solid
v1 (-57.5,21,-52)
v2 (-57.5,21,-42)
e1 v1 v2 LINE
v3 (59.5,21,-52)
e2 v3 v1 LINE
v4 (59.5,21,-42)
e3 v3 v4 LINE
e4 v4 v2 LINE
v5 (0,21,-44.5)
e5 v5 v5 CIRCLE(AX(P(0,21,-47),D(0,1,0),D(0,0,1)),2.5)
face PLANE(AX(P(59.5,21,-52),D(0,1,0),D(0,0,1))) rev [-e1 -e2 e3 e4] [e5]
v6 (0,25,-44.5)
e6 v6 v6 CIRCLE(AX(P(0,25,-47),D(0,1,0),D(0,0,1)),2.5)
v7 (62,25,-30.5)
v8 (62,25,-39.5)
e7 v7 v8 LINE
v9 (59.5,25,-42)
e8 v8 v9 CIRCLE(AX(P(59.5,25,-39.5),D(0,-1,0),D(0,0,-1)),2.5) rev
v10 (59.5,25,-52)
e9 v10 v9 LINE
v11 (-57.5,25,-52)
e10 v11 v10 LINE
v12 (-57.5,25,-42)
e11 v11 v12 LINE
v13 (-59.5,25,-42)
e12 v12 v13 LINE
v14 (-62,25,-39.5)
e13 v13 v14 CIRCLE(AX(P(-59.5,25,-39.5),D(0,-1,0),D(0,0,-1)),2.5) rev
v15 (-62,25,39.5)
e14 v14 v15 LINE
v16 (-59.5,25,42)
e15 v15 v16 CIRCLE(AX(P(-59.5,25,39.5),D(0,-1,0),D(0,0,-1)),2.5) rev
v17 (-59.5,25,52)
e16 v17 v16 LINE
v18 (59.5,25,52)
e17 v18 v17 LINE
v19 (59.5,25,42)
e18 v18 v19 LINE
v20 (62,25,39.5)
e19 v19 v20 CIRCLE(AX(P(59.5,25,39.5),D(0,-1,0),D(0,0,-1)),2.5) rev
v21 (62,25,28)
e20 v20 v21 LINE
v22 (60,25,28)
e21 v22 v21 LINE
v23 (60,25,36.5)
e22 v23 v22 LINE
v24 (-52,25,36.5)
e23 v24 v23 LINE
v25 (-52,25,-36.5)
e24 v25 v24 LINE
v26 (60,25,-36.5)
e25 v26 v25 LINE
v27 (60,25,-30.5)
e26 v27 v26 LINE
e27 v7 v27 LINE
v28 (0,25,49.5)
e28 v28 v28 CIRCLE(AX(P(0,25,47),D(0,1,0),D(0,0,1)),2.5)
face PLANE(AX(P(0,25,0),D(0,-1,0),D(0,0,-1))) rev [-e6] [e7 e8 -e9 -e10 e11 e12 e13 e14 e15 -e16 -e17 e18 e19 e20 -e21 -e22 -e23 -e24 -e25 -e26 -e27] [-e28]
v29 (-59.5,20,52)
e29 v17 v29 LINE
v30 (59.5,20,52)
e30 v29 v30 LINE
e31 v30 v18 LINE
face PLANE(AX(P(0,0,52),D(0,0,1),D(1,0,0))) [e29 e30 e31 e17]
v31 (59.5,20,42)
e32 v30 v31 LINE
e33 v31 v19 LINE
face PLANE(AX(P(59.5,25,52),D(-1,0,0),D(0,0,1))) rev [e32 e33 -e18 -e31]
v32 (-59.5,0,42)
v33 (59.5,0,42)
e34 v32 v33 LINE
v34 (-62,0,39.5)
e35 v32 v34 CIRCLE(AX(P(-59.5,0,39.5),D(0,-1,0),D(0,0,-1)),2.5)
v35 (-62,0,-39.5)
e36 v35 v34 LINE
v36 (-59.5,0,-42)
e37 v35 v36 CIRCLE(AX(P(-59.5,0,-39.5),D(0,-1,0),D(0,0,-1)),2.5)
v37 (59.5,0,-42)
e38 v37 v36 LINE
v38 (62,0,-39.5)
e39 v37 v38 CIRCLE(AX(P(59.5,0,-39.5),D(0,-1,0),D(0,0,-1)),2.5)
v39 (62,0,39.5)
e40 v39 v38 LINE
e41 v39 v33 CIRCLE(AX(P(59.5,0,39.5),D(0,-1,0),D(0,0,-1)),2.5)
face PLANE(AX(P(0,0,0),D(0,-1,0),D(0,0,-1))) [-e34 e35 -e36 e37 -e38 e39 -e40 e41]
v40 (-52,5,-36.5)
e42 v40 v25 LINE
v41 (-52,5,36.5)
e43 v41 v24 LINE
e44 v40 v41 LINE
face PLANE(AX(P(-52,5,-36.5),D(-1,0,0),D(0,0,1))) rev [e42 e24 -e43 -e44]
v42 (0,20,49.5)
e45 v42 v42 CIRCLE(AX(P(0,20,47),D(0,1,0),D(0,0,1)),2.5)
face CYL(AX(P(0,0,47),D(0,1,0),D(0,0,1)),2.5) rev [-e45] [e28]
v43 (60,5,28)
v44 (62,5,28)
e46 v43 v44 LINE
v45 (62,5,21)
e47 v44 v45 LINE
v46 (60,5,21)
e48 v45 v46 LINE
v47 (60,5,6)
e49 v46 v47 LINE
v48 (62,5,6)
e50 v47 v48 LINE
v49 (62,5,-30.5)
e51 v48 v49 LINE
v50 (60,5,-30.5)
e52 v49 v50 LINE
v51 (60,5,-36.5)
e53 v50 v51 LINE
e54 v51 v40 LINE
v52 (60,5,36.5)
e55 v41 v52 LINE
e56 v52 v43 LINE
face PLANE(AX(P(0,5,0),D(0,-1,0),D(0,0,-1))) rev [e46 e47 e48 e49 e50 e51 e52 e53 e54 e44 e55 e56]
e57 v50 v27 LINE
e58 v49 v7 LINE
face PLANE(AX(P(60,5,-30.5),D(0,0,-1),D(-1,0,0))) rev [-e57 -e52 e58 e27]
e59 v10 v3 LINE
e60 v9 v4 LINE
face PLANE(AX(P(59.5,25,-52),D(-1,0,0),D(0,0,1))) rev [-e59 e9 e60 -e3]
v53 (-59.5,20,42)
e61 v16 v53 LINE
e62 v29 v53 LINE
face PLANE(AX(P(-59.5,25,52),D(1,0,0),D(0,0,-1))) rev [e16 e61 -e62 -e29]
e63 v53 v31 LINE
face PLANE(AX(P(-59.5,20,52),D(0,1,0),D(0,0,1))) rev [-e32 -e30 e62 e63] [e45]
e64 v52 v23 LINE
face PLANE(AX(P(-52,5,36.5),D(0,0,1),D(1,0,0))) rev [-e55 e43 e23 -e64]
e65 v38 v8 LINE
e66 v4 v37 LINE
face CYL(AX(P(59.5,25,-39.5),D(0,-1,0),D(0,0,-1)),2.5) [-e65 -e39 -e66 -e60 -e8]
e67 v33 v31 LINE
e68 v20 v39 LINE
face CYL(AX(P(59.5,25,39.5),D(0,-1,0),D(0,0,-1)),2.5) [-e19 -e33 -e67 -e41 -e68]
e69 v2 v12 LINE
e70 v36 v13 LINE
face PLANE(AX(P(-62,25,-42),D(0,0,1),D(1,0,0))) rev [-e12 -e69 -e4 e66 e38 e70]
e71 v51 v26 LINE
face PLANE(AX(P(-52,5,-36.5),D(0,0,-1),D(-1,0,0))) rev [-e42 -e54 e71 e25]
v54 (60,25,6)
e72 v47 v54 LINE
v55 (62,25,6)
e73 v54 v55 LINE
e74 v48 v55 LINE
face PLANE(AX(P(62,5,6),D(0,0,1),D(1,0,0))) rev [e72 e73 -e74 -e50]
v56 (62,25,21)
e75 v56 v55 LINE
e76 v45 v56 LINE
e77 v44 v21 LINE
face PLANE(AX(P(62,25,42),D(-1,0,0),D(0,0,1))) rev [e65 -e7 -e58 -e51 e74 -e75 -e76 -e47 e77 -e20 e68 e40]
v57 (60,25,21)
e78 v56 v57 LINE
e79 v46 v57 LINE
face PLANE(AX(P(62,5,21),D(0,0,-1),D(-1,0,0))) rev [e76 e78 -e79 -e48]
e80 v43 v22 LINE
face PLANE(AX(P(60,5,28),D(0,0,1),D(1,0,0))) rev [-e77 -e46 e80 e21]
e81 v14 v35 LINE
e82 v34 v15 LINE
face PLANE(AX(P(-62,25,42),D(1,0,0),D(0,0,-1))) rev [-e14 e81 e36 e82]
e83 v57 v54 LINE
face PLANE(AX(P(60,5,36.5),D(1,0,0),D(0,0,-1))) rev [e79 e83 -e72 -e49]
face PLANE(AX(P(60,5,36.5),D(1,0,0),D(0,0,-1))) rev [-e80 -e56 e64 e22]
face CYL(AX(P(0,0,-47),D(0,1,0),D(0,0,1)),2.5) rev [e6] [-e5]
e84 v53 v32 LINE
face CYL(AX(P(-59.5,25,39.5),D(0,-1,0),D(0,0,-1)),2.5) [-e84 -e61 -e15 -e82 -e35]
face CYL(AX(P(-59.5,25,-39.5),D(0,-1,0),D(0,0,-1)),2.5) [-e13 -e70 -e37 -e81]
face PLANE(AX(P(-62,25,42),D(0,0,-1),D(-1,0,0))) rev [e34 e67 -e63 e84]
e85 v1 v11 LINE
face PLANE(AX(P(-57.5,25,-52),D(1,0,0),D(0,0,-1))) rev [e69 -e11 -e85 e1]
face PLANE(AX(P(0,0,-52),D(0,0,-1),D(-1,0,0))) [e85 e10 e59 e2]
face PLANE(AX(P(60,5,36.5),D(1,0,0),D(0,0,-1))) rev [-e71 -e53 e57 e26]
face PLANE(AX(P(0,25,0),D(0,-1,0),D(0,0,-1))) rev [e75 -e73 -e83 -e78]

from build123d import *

# Parameters (mm, degrees)
SKETCH1_W           = 124
SKETCH1_H           = 84
BOSS_EXTRUDE1_DEPTH = 25
SKETCH2_W           = 112
SKETCH2_H           = 73
CUT_EXTRUDE1_DEPTH  = 20
SKETCH4_W           = 2
SKETCH4_H           = 7
SKETCH4_H_2         = 36.5
CUT_EXTRUDE2_DEPTH  = 20
FILLET1_R           = 2.5
SKETCH5_W           = 119
SKETCH5_H           = 5
BOSS_EXTRUDE2_DEPTH = 10
SKETCH6_W           = 117
SKETCH6_H           = 4
BOSS_EXTRUDE3_DEPTH = 10
SKETCH7_R           = 2.5
CUT_EXTRUDE3_DEPTH  = 85.693565281


with BuildPart() as part:
    # Sketch1 → Boss-Extrude1 (new body)
    with BuildSketch(Plane(origin=(0, 0, 0), x_dir=(1, 0, 0), z_dir=(0, 1, 0))):
        Rectangle(SKETCH1_W, SKETCH1_H)
    extrude(amount=BOSS_EXTRUDE1_DEPTH)

    # Sketch2 → Cut-Extrude1 (cut)
    with BuildSketch(Plane(origin=(0, 25, 0), x_dir=(1, 0, 0), z_dir=(0, 1, 0))):
        with Locations((4, 0)):
            Rectangle(SKETCH2_W, SKETCH2_H)
    extrude(amount=-CUT_EXTRUDE1_DEPTH, mode=Mode.SUBTRACT)

    # Sketch4 → Cut-Extrude2 (cut)
    with BuildSketch(Plane(origin=(0, 25, 0), x_dir=(1, 0, 0), z_dir=(0, 1, 0))):
        with Locations((61, -24.5)):
            Rectangle(SKETCH4_W, SKETCH4_H)
        with Locations((61, 12.25)):
            Rectangle(SKETCH4_W, SKETCH4_H_2)
    extrude(amount=-CUT_EXTRUDE2_DEPTH, mode=Mode.SUBTRACT)

    # Fillet1
    fillet1_edges = [part.edges().sort_by_distance(p)[0] for p in [
        (62, 12.5, 42),
        (-62, 12.5, 42),
        (-62, 12.5, -42),
        (62, 12.5, -42),
    ]]
    fillet(fillet1_edges, radius=FILLET1_R)

    # Sketch5 → Boss-Extrude2 (add)
    with BuildSketch(Plane.XY.offset(42)):
        with Locations((0, 22.5)):
            Rectangle(SKETCH5_W, SKETCH5_H)
    extrude(amount=BOSS_EXTRUDE2_DEPTH)

    # Sketch6 → Boss-Extrude3 (add)
    with BuildSketch(Plane(origin=(0, 0, -42), x_dir=(-1, 0, 0), z_dir=(0, 0, -1))):
        with Locations((-1, 23)):
            Rectangle(SKETCH6_W, SKETCH6_H)
    extrude(amount=BOSS_EXTRUDE3_DEPTH)

    # Sketch7 → Cut-Extrude3 (cut, through all)
    with BuildSketch(Plane(origin=(0, 25, 0), x_dir=(1, 0, 0), z_dir=(0, 1, 0))):
        with Locations(Location((0, 47, 0), (0, 0, 270))):
            Circle(SKETCH7_R)
        with Locations(Location((0, -47, 0), (0, 0, 270))):
            Circle(SKETCH7_R)
    extrude(amount=-CUT_EXTRUDE3_DEPTH, mode=Mode.SUBTRACT)


solid = part.part
